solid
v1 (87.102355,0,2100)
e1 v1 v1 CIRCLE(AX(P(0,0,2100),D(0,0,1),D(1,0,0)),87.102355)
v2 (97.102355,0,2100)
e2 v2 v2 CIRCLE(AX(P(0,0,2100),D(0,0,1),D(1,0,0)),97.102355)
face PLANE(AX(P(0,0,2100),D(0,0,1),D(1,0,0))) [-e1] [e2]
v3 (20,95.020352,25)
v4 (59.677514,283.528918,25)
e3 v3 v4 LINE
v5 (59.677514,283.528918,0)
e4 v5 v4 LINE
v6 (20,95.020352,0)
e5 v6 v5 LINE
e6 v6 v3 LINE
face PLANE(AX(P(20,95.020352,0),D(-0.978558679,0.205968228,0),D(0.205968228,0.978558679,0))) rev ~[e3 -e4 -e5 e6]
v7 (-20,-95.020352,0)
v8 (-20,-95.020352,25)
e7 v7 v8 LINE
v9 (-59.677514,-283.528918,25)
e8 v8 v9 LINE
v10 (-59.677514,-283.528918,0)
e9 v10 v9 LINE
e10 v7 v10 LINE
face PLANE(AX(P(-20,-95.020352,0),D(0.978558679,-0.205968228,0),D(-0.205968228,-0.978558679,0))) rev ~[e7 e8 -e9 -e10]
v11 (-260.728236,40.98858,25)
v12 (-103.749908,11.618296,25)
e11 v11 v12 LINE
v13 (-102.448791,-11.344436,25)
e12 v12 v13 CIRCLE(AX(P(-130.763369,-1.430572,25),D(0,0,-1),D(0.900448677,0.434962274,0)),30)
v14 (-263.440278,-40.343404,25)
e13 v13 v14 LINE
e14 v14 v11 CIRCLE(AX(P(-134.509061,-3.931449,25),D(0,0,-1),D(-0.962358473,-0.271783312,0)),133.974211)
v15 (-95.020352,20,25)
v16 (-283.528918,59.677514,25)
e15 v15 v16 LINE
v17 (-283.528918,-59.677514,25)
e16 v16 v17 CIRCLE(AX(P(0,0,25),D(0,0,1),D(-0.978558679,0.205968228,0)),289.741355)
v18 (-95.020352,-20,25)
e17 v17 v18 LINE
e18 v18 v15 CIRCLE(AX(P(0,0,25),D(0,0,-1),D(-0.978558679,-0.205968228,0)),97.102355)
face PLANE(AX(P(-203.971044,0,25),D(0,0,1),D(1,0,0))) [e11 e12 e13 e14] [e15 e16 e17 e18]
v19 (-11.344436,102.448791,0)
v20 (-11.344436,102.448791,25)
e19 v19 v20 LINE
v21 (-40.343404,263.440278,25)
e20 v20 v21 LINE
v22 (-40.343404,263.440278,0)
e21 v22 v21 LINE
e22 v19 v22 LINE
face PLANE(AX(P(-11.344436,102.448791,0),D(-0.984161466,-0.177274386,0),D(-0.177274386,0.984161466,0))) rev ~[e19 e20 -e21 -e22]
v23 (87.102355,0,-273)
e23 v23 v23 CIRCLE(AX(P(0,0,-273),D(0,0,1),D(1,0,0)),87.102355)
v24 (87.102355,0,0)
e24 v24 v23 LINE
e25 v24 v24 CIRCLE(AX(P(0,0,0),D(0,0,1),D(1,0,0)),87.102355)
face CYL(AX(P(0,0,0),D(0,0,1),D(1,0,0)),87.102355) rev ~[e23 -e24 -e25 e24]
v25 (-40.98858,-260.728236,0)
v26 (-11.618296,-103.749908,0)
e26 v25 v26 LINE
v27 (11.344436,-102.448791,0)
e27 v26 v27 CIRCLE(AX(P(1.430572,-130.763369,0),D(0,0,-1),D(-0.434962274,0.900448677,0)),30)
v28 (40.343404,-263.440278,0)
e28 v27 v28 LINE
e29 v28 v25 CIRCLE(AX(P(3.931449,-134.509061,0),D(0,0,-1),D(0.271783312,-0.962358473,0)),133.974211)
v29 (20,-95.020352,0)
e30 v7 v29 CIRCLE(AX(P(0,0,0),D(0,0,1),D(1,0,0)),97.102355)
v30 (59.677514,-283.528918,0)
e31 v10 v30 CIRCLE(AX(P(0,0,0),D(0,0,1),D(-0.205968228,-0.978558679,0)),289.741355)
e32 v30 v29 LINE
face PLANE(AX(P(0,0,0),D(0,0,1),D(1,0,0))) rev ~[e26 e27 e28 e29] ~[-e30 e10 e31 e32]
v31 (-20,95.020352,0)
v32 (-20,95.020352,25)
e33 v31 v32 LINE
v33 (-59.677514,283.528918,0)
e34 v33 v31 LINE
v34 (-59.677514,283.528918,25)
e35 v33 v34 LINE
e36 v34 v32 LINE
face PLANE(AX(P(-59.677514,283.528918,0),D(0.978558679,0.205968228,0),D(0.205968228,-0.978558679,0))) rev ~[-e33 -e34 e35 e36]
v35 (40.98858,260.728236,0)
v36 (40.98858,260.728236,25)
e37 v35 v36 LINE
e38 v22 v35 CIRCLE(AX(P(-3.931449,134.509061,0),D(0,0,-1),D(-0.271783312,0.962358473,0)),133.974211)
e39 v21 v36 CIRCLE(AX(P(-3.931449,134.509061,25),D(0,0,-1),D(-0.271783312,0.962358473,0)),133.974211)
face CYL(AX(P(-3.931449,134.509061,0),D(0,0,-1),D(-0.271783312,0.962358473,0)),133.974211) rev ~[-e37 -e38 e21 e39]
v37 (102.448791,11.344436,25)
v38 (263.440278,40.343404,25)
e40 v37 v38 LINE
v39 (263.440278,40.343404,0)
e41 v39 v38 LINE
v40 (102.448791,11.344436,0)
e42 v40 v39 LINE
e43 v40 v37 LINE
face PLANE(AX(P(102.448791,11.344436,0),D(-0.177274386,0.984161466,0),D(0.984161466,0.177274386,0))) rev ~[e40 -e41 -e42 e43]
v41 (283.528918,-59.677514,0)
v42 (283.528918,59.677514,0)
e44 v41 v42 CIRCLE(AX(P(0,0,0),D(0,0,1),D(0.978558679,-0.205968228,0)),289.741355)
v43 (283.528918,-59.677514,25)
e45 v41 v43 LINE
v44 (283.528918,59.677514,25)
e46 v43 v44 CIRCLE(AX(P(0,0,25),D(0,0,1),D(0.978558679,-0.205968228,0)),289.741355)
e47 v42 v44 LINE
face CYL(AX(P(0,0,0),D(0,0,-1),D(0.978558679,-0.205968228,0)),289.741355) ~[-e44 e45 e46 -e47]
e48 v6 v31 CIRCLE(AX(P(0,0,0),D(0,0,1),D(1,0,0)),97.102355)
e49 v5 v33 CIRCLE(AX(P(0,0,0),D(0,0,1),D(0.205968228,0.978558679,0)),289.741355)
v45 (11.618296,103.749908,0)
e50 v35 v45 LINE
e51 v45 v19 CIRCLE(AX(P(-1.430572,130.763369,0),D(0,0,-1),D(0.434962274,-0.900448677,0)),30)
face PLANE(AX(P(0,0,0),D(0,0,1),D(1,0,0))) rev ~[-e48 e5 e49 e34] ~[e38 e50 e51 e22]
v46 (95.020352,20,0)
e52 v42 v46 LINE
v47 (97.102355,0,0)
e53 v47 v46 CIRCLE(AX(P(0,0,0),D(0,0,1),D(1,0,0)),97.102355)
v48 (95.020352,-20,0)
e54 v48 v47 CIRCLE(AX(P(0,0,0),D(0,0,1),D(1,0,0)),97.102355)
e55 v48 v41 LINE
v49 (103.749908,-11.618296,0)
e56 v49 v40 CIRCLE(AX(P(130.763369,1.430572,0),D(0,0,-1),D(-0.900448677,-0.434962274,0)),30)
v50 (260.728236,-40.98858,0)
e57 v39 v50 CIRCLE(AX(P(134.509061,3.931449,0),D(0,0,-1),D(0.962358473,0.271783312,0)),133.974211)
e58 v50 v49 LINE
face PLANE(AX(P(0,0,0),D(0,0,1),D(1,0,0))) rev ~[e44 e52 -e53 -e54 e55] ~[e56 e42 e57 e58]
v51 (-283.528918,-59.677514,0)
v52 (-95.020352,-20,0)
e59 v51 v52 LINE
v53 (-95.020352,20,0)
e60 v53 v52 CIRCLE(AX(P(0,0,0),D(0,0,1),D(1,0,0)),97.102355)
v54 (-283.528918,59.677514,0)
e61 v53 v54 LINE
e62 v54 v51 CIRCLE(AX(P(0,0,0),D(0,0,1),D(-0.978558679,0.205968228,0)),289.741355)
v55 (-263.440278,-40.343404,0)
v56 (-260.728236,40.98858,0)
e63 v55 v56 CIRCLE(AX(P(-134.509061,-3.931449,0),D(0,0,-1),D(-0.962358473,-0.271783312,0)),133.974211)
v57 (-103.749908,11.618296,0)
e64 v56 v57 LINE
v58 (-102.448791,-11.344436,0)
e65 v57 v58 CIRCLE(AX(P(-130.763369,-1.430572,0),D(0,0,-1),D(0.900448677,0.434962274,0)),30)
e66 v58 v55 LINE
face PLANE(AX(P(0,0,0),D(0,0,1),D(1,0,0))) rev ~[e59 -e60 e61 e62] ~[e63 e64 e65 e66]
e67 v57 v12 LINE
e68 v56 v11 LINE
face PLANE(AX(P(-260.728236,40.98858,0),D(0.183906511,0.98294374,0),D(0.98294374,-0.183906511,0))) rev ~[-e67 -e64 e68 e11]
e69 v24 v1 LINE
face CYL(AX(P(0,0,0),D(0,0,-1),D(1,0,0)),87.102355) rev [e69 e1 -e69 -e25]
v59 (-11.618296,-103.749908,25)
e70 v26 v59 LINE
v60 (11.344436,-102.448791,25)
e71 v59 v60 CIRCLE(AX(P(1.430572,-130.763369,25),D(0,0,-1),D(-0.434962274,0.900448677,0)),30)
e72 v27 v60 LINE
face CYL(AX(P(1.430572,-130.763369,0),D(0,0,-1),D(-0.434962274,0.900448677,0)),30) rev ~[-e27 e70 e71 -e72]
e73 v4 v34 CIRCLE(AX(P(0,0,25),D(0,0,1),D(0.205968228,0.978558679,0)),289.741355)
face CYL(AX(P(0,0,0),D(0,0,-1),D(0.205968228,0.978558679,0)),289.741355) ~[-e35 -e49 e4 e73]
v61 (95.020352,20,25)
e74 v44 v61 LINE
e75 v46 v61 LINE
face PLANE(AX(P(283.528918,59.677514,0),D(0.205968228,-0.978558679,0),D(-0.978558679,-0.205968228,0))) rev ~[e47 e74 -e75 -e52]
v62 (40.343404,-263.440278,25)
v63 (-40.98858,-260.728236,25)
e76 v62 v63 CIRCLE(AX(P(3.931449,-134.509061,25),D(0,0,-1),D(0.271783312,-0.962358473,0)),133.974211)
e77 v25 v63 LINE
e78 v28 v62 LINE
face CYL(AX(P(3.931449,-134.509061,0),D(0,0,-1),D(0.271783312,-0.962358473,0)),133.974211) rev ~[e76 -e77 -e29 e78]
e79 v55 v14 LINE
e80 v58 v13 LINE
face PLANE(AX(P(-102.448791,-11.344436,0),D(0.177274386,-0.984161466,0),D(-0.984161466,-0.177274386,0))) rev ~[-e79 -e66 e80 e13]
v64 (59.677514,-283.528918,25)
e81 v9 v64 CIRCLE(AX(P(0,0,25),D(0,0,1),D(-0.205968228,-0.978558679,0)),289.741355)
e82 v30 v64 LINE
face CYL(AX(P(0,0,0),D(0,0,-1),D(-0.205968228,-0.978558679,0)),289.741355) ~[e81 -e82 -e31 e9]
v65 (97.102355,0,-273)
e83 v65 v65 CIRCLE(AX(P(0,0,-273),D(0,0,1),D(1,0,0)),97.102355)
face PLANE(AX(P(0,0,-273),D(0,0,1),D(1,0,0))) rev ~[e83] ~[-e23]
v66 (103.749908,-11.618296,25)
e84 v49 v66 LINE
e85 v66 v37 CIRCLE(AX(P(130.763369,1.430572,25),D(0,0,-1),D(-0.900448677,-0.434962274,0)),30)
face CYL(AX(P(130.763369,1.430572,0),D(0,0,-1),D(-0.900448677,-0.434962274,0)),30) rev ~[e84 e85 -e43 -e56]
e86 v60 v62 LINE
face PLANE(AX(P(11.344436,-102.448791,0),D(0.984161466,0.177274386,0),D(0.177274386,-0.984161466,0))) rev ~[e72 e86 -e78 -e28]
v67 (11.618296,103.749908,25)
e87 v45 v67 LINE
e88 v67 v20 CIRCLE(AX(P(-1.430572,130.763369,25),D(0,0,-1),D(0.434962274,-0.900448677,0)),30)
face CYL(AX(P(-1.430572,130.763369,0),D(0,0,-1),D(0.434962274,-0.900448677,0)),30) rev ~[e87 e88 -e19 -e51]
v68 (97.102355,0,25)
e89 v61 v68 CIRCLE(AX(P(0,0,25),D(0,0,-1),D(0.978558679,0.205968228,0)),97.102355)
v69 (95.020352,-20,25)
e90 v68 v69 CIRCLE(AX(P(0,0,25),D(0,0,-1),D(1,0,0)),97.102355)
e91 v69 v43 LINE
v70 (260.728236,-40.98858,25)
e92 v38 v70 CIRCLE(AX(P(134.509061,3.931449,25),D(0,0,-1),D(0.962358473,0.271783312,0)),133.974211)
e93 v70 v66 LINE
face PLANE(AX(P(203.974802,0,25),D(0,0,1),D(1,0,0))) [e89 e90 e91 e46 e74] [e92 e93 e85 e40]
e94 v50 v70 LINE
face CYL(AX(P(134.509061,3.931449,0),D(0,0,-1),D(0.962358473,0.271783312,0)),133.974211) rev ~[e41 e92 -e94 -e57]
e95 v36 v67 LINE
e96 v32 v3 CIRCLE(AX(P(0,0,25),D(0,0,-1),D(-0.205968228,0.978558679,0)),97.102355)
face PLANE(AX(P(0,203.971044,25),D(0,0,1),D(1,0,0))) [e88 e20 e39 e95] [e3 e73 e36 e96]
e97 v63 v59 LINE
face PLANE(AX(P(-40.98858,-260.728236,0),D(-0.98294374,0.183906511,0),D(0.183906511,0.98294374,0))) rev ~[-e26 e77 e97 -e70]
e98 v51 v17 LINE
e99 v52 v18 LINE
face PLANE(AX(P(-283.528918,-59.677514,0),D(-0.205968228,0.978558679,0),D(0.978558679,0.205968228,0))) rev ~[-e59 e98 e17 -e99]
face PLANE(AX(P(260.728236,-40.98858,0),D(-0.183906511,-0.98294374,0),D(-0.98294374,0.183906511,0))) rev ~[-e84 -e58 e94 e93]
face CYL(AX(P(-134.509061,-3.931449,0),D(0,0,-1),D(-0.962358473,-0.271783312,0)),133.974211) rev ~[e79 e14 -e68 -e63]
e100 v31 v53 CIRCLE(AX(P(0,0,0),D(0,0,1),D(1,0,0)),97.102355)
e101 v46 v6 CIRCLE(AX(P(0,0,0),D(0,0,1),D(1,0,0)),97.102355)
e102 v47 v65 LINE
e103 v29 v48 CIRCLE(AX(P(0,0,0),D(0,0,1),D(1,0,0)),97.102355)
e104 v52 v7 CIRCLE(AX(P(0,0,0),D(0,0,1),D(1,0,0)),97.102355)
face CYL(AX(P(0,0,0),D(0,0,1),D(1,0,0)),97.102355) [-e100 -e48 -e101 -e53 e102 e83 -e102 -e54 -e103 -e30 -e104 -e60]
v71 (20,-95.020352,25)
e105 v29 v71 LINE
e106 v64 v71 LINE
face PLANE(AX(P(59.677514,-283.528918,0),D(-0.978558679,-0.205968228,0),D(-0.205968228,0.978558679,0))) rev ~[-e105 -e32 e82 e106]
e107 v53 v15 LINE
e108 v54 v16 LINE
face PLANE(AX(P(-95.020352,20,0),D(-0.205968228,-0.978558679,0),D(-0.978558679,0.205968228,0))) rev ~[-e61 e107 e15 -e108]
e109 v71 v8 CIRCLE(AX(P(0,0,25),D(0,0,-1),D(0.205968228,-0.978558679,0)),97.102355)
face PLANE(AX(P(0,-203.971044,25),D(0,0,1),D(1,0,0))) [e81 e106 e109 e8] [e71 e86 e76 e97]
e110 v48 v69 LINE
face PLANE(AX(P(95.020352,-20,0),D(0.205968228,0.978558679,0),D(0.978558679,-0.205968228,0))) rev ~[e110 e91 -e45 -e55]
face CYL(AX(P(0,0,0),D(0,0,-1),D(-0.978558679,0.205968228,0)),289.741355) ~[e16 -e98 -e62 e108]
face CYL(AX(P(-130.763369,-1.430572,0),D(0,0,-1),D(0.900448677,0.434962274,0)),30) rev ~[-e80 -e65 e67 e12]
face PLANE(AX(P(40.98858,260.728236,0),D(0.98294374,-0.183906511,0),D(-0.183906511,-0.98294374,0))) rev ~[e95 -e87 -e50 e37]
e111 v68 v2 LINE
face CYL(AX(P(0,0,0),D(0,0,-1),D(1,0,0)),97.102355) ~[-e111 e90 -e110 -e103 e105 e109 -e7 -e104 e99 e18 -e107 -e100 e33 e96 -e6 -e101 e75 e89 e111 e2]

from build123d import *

# Parameters (mm, degrees)
BOSS_EXTRUDE5_DEPTH      = 25
BOSS_EXTRUDE5_2_DEPTH    = 25
BOSS_EXTRUDE5_3_DEPTH    = 25
BOSS_EXTRUDE5_4_DEPTH    = 25
SKETCH5_R                = 97.102354857
SKETCH5_R_2              = 87.102354857
BOSS_EXTRUDE6_DEPTH      = 2100
BOSS_EXTRUDE6_DEPTH_BACK = 273


with BuildPart() as part:
    # Sketch4 → Boss-Extrude5 (new body)
    with BuildSketch(Plane.XY):
        with BuildLine():
            Line((-283.528917558, -59.677513544), (-95.020352129, -20))
            ThreePointArc((-95.020352129, -20), (-97.102354857, 0), (-95.020352129, 20))
            Line((-95.020352129, 20), (-283.528917558, 59.677513544))
            ThreePointArc((-283.528917558, 59.677513544), (-289.741354857, 0), (-283.528917558, -59.677513544))
        make_face()
        with BuildLine():
            ThreePointArc((-103.749908429, 11.618296452), (-100.811412037, 0.266569794), (-102.448791191, -11.344435703))
            Line((-102.448791191, -11.344435703), (-263.440278466, -40.343403868))
            ThreePointArc((-263.440278466, -40.343403868), (-268.408850648, 0.533483895), (-260.728236447, 40.988580338))
            Line((-260.728236447, 40.988580338), (-103.749908429, 11.618296452))
        make_face(mode=Mode.SUBTRACT)
    extrude(amount=BOSS_EXTRUDE5_DEPTH)



with BuildPart() as body_2:
    # Sketch4 → Boss-Extrude5 2 (new body)
    with BuildSketch(Plane.XY):
        with BuildLine():
            Line((-59.677513544, 283.528917558), (-20, 95.020352129))
            ThreePointArc((-20, 95.020352129), (0, 97.102354857), (20, 95.020352129))
            Line((20, 95.020352129), (59.677513544, 283.528917558))
            ThreePointArc((59.677513544, 283.528917558), (0, 289.741354857), (-59.677513544, 283.528917558))
        make_face()
        with BuildLine():
            Line((40.988580338, 260.728236447), (11.618296452, 103.749908429))
            ThreePointArc((11.618296452, 103.749908429), (0.266569794, 100.811412037), (-11.344435703, 102.448791191))
            Line((-11.344435703, 102.448791191), (-40.343403868, 263.440278466))
            ThreePointArc((-40.343403868, 263.440278466), (0.533483895, 268.408850648), (40.988580338, 260.728236447))
        make_face(mode=Mode.SUBTRACT)
    extrude(amount=BOSS_EXTRUDE5_2_DEPTH)


with BuildPart() as body_3:
    # Sketch4 → Boss-Extrude5 3 (new body)
    with BuildSketch(Plane.XY):
        with BuildLine():
            ThreePointArc((97.102354857, 0), (96.580451619, -10.054038186), (95.020352129, -20))
            Line((95.020352129, -20), (283.528917558, -59.677513544))
            ThreePointArc((283.528917558, -59.677513544), (289.741354857, 0), (283.528917558, 59.677513544))
            Line((283.528917558, 59.677513544), (95.020352129, 20))
            ThreePointArc((95.020352129, 20), (96.580451619, 10.054038186), (97.102354857, 0))
        make_face()
        with BuildLine():
            Line((260.728236447, -40.988580338), (103.749908429, -11.618296452))
            ThreePointArc((103.749908429, -11.618296452), (100.811412037, -0.266569794), (102.448791191, 11.344435703))
            Line((102.448791191, 11.344435703), (263.440278466, 40.343403868))
            ThreePointArc((263.440278466, 40.343403868), (268.408850648, -0.533483895), (260.728236447, -40.988580338))
        make_face(mode=Mode.SUBTRACT)
    extrude(amount=BOSS_EXTRUDE5_3_DEPTH)


with BuildPart() as body_4:
    # Sketch4 → Boss-Extrude5 4 (new body)
    with BuildSketch(Plane.XY):
        with BuildLine():
            ThreePointArc((20, -95.020352129), (0, -97.102354857), (-20, -95.020352129))
            Line((-20, -95.020352129), (-59.677513544, -283.528917558))
            ThreePointArc((-59.677513544, -283.528917558), (0, -289.741354857), (59.677513544, -283.528917558))
            Line((59.677513544, -283.528917558), (20, -95.020352129))
        make_face()
        with BuildLine():
            Line((-40.988580338, -260.728236447), (-11.618296452, -103.749908429))
            ThreePointArc((-11.618296452, -103.749908429), (-0.266569794, -100.811412037), (11.344435703, -102.448791191))
            Line((11.344435703, -102.448791191), (40.343403868, -263.440278466))
            ThreePointArc((40.343403868, -263.440278466), (-0.533483895, -268.408850648), (-40.988580338, -260.728236447))
        make_face(mode=Mode.SUBTRACT)
    extrude(amount=BOSS_EXTRUDE5_4_DEPTH)


with BuildPart() as part_1:
    add(part.part)

    add(body_2.part)  # Boss-Extrude6 merges body 2

    add(body_3.part)  # Boss-Extrude6 merges body 3

    add(body_4.part)  # Boss-Extrude6 merges body 4
    # Sketch5 → Boss-Extrude6 (add, two sides)
    with BuildSketch(Plane.XY) as boss_extrude6_sk:
        Circle(SKETCH5_R)
        Circle(SKETCH5_R_2, mode=Mode.SUBTRACT)
    extrude(amount=BOSS_EXTRUDE6_DEPTH)
    extrude(boss_extrude6_sk.sketch, amount=-BOSS_EXTRUDE6_DEPTH_BACK)


solid = part_1.part
